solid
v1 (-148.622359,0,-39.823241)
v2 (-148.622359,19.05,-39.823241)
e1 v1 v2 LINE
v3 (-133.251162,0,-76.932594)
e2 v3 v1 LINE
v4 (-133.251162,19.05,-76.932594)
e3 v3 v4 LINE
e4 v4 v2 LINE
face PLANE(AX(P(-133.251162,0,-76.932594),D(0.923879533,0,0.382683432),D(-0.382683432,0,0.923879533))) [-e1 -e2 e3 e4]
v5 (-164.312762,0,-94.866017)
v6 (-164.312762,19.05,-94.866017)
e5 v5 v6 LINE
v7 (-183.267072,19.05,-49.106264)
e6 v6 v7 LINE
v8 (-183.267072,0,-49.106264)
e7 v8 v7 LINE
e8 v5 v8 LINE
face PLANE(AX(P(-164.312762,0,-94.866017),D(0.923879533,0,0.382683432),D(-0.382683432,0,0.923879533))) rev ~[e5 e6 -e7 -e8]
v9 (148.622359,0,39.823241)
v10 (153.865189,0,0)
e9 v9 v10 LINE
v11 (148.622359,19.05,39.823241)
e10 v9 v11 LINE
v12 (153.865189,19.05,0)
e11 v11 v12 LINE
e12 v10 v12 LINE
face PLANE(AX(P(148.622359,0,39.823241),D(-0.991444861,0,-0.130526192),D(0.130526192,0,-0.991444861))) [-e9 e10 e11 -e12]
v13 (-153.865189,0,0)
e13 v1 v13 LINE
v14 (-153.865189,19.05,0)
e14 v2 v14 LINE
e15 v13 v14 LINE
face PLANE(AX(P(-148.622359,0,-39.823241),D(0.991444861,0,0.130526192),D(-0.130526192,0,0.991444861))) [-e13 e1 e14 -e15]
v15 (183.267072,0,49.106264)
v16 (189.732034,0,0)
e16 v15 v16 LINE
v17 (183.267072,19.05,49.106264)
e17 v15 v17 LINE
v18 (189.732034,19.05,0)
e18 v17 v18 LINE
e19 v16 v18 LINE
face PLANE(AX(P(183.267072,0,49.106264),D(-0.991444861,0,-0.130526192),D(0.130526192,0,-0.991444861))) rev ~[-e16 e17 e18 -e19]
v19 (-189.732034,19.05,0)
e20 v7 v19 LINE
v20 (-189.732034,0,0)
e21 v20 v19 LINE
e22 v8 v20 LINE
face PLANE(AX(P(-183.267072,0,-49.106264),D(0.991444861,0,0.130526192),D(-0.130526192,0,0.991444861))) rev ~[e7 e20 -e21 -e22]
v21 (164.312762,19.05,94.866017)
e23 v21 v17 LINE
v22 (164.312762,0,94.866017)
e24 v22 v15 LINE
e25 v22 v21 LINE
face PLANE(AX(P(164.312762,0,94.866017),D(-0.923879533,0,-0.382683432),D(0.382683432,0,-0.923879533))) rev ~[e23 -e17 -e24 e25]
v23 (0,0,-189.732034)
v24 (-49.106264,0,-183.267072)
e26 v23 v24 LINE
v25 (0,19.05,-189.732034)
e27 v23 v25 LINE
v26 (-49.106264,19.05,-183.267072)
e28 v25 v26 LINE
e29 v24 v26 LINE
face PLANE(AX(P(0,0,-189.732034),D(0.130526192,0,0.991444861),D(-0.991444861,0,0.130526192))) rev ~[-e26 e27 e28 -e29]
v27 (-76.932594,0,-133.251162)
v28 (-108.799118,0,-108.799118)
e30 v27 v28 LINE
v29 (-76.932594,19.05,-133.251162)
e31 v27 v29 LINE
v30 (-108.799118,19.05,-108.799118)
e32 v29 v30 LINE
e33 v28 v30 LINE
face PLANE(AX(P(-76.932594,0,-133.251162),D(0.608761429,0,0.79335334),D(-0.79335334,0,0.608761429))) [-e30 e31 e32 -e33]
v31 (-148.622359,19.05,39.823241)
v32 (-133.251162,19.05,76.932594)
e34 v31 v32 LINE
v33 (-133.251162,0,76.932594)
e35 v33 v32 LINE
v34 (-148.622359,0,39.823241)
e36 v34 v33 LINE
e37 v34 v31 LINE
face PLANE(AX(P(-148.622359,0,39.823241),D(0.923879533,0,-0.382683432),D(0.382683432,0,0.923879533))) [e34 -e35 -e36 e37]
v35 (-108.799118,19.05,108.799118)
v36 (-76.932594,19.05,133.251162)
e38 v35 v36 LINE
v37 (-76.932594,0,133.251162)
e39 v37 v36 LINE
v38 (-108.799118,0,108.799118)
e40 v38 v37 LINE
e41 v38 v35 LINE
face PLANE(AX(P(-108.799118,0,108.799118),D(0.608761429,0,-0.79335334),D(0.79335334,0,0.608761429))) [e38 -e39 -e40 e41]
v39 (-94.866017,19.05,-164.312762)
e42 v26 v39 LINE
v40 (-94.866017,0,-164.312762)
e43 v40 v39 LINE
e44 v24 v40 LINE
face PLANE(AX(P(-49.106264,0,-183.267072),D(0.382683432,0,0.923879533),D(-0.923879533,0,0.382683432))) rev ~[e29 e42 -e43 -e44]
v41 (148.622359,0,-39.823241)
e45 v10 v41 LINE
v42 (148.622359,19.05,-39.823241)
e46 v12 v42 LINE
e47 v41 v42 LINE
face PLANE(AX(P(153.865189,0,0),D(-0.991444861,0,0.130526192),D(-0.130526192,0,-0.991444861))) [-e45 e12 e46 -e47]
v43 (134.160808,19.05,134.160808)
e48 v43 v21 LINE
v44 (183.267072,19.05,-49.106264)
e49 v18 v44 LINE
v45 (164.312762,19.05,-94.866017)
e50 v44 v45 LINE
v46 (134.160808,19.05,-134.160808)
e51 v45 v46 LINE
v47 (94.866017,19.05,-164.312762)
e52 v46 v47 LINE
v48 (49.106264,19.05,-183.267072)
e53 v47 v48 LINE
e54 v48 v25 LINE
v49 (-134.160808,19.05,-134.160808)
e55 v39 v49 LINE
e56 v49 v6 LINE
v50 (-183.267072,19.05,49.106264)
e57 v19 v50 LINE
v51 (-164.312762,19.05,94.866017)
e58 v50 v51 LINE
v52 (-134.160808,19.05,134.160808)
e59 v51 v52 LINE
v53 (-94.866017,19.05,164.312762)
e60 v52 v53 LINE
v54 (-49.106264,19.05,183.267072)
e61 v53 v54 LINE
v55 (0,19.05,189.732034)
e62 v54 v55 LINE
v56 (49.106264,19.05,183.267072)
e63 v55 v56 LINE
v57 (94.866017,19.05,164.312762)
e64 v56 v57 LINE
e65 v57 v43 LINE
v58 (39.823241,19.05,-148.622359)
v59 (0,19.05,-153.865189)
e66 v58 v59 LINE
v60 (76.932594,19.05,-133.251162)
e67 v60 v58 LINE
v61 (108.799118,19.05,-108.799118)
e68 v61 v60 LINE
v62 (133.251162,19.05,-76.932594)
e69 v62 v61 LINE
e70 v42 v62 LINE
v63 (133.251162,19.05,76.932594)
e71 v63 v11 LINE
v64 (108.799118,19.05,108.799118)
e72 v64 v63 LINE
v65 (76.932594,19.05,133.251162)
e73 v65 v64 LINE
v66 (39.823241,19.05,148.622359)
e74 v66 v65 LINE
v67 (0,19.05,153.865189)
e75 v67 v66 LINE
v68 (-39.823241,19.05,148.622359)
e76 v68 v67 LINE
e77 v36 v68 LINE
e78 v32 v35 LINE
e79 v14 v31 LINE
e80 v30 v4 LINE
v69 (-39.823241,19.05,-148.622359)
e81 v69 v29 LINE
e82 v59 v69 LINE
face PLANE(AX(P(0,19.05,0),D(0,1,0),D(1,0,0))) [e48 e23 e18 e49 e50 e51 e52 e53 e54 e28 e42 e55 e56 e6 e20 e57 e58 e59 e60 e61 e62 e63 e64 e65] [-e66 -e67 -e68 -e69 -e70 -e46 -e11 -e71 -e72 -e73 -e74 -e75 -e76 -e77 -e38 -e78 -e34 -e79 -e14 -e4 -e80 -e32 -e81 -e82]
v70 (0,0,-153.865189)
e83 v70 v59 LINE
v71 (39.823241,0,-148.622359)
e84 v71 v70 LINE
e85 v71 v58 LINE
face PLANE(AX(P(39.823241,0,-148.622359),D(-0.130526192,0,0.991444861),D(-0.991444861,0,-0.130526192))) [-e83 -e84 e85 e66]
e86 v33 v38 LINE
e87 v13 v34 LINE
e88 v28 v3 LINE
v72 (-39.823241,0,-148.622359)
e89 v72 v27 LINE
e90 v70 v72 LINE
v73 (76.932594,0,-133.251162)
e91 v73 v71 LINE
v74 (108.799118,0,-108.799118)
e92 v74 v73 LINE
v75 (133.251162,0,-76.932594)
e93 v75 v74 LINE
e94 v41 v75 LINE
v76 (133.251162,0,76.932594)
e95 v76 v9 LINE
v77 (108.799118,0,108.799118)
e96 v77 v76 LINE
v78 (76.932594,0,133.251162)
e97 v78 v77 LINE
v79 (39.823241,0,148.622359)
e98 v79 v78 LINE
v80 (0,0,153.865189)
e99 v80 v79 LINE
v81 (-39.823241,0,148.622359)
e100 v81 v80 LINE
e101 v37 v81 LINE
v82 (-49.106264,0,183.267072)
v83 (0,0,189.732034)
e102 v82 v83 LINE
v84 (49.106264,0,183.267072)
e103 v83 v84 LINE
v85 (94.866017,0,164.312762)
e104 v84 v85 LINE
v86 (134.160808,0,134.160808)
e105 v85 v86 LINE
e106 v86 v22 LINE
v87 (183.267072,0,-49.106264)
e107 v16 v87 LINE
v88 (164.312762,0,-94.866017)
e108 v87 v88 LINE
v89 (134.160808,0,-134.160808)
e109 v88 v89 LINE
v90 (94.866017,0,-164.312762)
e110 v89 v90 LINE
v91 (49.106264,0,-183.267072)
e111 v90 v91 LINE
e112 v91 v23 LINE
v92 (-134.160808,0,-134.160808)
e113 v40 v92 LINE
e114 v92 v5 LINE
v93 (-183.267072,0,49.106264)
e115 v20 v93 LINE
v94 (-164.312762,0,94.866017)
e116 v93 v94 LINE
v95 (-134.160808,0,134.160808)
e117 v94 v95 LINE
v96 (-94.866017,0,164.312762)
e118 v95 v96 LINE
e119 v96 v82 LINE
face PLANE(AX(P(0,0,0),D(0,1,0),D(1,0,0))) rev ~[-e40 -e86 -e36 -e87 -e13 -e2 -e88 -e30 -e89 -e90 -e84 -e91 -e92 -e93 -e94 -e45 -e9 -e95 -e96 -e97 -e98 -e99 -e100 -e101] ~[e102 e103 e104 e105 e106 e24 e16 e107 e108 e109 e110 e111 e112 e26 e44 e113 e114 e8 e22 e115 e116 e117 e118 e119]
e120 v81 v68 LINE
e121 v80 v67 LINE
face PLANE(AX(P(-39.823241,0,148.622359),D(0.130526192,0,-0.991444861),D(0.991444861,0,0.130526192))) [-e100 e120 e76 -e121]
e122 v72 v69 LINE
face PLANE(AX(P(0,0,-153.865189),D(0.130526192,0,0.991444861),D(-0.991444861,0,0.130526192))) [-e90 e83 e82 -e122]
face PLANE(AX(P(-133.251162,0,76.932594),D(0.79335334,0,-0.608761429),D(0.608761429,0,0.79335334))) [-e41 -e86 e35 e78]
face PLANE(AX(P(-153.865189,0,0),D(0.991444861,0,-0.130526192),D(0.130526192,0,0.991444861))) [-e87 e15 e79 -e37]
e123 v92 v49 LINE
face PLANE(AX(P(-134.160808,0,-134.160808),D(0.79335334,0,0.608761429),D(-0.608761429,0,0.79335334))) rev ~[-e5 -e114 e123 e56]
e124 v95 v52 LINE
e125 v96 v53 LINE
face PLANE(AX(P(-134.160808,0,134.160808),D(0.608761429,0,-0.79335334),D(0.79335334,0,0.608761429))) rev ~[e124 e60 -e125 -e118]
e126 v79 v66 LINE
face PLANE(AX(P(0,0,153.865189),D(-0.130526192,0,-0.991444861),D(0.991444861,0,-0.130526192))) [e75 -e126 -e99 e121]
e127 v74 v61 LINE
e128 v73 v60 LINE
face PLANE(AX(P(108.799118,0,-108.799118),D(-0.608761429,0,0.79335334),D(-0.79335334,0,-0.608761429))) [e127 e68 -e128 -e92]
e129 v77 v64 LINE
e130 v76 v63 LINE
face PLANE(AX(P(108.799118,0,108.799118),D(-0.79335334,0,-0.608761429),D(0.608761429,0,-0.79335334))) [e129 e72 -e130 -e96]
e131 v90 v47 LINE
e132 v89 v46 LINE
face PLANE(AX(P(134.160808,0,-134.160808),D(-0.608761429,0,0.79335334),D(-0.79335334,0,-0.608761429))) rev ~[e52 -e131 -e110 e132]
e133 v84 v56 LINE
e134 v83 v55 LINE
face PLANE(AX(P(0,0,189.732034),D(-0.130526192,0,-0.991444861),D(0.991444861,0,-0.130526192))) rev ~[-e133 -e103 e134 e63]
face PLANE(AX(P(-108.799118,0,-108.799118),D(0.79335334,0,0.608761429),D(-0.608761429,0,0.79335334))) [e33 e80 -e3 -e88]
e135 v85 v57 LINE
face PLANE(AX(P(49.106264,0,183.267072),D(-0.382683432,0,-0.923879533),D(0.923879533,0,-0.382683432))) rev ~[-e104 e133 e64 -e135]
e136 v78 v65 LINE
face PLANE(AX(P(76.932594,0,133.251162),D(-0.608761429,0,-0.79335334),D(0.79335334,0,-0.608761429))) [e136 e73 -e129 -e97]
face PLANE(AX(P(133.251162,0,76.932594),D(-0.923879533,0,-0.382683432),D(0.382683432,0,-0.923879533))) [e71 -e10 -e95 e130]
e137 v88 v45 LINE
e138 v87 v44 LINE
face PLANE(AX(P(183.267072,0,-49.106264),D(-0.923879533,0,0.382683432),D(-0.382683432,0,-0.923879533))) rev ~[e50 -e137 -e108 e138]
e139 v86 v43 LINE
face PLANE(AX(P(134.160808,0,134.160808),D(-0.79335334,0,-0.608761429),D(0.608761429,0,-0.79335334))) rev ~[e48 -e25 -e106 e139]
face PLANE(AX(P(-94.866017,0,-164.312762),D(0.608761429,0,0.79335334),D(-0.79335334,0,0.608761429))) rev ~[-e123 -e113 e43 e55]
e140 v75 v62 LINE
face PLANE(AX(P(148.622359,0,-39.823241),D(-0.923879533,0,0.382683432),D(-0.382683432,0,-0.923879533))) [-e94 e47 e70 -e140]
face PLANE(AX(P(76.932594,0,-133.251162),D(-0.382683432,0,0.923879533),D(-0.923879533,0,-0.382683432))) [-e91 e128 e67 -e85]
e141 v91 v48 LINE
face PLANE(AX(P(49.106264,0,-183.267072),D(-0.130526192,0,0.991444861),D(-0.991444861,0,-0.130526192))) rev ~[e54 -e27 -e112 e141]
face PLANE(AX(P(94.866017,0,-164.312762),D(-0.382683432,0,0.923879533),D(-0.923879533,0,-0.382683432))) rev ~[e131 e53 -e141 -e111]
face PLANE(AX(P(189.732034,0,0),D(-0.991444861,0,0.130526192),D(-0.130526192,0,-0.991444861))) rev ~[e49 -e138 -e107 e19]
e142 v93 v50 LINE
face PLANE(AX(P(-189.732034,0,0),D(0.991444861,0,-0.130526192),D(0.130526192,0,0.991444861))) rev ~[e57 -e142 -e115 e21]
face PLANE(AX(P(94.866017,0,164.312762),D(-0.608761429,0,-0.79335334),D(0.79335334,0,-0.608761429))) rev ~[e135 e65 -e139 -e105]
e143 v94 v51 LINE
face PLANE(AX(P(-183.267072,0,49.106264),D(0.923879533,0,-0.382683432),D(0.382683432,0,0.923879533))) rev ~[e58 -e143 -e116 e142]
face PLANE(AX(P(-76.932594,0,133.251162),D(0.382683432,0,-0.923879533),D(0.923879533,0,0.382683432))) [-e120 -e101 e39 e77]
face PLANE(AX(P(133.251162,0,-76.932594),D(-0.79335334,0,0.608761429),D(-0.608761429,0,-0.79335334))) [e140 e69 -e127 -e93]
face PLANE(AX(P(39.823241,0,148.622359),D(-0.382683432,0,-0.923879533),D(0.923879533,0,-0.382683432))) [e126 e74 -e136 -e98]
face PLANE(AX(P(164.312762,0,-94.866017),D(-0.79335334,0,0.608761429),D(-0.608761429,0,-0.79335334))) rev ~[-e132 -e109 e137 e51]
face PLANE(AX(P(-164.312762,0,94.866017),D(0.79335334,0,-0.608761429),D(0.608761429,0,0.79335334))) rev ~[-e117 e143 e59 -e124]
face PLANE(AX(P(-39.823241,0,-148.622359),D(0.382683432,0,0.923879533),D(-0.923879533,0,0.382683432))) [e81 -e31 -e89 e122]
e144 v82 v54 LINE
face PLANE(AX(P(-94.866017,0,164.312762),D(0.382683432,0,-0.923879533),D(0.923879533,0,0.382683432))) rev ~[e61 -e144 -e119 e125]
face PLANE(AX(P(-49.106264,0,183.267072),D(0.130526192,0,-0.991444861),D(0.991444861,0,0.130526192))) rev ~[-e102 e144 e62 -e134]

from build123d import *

# Parameters (mm, degrees)
BOSS_EXTRUDE2_DEPTH = 19.05


with BuildPart() as part:
    # Sketch2 → Boss-Extrude2 (new body)
    with BuildSketch(Plane(origin=(0, 0, 0), x_dir=(1, 0, 0), z_dir=(0, 1, 0))):
        Polygon((-189.732034458, 0), (-183.267072158, -49.106263984), (-164.312761753, -94.866017229), (-134.160808174, -134.160808174), (-94.866017229, -164.312761753), (-49.106263984, -183.267072158), (0, -189.732034458), (49.106263984, -183.267072158), (94.866017229, -164.312761753), (134.160808174, -134.160808174), (164.312761753, -94.866017229), (183.267072158, -49.106263984), (189.732034458, 0), (183.267072158, 49.106263984), (164.312761753, 94.866017229), (134.160808174, 134.160808174), (94.866017229, 164.312761753), (49.106263984, 183.267072158), (0, 189.732034458), (-49.106263984, 183.267072158), (-94.866017229, 164.312761753), (-134.160808174, 134.160808174), (-164.312761753, 94.866017229), (-183.267072158, 49.106263984), align=None)
        Polygon((-153.86518862, 0), (-148.622359455, -39.823241193), (-133.251162103, -76.93259431), (-108.799118262, -108.799118262), (-76.93259431, -133.251162103), (-39.823241193, -148.622359455), (0, -153.86518862), (39.823241193, -148.622359455), (76.93259431, -133.251162103), (108.799118262, -108.799118262), (133.251162103, -76.93259431), (148.622359455, -39.823241193), (153.86518862, 0), (148.622359455, 39.823241193), (133.251162103, 76.93259431), (108.799118262, 108.799118262), (76.93259431, 133.251162103), (39.823241193, 148.622359455), (0, 153.86518862), (-39.823241193, 148.622359455), (-76.93259431, 133.251162103), (-108.799118262, 108.799118262), (-133.251162103, 76.93259431), (-148.622359455, 39.823241193), align=None, mode=Mode.SUBTRACT)
    extrude(amount=BOSS_EXTRUDE2_DEPTH)


solid = part.part
